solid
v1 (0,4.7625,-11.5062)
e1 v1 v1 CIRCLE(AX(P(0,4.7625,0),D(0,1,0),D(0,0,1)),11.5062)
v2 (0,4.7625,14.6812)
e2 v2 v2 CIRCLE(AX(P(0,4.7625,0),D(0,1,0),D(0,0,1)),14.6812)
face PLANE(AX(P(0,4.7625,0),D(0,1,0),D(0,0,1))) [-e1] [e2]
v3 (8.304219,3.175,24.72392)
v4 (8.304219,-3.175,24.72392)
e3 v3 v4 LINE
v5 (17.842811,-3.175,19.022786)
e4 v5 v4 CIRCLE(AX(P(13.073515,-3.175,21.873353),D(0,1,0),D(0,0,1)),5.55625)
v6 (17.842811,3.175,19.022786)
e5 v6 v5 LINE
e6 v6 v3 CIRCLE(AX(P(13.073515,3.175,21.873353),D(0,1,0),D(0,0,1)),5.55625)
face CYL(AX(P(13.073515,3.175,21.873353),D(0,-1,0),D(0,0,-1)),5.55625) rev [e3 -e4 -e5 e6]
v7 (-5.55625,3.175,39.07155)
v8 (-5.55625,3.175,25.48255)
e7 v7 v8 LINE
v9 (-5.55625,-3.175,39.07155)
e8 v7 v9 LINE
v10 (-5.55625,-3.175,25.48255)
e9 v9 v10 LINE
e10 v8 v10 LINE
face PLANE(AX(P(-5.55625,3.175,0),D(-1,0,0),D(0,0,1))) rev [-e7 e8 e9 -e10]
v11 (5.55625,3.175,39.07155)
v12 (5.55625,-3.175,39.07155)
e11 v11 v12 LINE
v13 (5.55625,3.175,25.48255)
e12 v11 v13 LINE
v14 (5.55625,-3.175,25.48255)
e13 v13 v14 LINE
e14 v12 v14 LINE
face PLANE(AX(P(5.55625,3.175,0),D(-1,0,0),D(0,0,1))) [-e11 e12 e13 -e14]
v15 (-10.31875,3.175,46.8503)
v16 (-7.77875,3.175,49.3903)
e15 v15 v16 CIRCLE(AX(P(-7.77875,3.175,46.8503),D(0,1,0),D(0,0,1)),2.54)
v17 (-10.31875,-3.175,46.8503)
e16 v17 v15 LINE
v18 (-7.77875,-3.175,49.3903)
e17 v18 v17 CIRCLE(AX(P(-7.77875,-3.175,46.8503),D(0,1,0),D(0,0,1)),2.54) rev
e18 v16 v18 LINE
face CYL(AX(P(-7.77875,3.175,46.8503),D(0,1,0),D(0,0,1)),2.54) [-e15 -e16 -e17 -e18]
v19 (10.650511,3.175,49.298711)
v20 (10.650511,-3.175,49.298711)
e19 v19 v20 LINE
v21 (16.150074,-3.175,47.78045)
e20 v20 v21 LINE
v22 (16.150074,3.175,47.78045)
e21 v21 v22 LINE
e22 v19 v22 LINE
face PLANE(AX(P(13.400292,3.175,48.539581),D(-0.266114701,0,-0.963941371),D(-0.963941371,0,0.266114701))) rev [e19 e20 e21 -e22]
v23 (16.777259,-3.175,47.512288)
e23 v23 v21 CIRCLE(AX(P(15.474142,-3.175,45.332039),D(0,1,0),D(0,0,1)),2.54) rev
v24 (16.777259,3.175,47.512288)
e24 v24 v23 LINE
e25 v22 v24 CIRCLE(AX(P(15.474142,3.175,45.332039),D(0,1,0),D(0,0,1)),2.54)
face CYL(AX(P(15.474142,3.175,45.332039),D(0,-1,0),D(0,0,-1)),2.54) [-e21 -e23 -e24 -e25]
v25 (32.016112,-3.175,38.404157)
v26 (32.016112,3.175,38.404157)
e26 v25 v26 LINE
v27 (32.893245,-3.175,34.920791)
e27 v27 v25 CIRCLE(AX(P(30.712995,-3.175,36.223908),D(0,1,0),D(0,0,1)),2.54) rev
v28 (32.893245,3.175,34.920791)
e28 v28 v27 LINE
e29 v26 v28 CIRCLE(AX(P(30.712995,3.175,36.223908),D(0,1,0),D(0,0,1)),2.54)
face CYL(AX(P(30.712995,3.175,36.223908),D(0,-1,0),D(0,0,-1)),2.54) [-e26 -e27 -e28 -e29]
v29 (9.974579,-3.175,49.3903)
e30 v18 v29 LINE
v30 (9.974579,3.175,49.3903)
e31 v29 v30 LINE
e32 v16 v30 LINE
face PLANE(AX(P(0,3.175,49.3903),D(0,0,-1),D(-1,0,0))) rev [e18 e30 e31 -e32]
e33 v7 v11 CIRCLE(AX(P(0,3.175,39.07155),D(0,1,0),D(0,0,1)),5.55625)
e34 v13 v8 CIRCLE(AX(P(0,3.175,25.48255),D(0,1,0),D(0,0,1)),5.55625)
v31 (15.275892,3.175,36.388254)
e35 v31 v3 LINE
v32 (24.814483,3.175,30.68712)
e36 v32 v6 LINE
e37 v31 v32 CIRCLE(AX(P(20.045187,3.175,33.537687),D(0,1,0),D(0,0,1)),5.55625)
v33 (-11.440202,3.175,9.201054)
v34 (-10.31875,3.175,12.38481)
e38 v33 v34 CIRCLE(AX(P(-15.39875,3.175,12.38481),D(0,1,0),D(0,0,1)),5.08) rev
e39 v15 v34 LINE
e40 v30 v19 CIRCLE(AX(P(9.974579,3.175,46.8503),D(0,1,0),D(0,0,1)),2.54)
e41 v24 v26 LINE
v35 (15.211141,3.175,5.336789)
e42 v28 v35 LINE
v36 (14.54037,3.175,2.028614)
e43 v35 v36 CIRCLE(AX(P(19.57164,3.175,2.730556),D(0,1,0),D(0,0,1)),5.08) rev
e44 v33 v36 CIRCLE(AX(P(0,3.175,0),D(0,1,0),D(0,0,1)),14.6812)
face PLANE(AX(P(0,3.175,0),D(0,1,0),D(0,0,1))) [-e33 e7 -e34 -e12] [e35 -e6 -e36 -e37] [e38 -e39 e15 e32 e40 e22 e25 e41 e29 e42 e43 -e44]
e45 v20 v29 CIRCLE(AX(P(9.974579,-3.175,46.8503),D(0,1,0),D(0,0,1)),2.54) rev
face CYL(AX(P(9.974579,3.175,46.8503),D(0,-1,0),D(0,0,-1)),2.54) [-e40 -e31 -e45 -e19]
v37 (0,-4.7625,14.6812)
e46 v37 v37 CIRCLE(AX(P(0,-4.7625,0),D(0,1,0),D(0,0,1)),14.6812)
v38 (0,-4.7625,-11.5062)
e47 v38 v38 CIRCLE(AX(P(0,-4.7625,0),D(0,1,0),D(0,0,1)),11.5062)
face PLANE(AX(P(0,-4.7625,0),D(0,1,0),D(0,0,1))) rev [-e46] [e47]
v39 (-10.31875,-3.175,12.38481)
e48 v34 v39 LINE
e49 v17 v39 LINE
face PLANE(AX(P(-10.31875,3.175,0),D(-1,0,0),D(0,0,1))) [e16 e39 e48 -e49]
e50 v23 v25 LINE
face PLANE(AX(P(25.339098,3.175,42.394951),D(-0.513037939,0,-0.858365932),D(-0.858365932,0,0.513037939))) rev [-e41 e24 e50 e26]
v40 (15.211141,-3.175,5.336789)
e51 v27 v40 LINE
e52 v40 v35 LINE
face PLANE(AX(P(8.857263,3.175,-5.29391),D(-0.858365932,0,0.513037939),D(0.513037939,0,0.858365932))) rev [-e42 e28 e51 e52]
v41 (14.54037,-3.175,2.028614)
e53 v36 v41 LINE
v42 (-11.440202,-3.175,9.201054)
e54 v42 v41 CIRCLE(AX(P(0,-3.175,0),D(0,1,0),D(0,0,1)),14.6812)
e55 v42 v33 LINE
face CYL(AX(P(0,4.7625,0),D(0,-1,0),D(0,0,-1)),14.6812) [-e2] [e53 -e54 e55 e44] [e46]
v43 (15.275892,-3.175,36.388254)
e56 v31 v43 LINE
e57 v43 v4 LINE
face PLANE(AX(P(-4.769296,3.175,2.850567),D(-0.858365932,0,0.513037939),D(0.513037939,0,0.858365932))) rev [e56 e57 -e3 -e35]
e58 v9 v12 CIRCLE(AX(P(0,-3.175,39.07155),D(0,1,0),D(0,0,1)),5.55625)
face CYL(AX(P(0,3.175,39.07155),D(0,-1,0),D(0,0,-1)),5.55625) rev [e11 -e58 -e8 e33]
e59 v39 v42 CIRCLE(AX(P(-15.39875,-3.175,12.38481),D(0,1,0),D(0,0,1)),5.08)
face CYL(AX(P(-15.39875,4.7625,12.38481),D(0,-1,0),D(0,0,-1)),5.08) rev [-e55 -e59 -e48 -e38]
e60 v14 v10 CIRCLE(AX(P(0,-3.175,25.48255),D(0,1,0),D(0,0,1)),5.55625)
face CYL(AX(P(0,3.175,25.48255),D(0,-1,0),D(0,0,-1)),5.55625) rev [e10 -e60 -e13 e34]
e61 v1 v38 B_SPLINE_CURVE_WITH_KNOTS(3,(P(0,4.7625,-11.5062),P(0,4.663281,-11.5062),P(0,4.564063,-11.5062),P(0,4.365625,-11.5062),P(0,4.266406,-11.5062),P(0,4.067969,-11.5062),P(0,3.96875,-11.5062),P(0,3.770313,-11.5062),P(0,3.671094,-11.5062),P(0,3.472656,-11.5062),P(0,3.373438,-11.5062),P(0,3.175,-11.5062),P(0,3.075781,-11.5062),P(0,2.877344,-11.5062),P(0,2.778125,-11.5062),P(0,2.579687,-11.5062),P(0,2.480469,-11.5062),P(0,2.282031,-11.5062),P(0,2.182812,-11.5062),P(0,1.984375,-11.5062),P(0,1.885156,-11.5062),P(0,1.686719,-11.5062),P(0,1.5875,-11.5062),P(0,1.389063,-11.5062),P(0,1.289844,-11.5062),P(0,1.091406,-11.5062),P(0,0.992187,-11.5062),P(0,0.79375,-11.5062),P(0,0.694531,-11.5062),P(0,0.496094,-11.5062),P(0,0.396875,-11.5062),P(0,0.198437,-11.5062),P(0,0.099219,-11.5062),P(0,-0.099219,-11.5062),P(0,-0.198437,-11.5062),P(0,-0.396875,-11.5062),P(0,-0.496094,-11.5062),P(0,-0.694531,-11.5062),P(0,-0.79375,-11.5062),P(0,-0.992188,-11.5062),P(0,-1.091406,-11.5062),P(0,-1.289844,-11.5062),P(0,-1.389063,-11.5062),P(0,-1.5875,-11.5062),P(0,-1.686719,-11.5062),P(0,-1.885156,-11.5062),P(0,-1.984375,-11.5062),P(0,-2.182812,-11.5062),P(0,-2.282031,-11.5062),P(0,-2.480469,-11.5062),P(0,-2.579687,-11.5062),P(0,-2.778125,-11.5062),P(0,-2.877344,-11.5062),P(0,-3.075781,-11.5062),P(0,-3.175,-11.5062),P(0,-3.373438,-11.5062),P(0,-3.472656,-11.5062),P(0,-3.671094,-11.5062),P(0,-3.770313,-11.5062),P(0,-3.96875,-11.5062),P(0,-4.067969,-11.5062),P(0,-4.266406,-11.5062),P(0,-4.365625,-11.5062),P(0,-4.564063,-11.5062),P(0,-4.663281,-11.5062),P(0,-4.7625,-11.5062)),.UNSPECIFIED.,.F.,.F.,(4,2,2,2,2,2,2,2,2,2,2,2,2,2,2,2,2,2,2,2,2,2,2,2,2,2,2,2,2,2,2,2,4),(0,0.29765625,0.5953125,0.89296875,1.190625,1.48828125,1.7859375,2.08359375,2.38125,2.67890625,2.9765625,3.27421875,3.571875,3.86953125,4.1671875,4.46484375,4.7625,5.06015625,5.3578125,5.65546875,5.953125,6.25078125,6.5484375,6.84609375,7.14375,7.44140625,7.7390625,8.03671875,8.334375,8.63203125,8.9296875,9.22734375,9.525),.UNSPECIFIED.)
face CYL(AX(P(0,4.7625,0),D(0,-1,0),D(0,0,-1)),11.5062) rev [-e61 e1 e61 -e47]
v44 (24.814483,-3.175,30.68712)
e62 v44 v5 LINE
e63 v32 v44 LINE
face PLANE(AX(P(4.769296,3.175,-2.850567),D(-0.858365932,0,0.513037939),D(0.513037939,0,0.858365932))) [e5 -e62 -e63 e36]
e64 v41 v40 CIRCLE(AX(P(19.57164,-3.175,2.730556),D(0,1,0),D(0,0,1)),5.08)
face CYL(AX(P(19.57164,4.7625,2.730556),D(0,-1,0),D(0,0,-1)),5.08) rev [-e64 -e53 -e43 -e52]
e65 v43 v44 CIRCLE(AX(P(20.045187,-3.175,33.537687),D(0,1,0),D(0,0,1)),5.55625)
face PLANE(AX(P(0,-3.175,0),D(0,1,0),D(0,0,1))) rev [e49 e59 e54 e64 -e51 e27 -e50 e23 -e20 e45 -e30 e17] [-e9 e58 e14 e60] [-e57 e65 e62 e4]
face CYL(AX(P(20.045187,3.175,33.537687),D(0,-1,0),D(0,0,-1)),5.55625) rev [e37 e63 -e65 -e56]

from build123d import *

# Parameters (mm, degrees)
SKETCH1_R                      = 14.6812
SKETCH1_R_2                    = 11.5062
BEARING_INSERT_EXTRUDE_DEPTH   = 4.7625
APEX_SLOT_INSERT_EXTRUDE_DEPTH = 3.175
FILLET1_R                      = 5.08
FILLET2_R                      = 2.54


with BuildPart() as part:
    # Sketch1 → Bearing_Insert_Extrude (new, symmetric)
    with BuildSketch(Plane(origin=(0, 0, 0), x_dir=(1, 0, 0), z_dir=(0, 1, 0))):
        with Locations(Location((0, 0, 0), (0, 0, 90))):
            Circle(SKETCH1_R)
        with Locations(Location((0, 0, 0), (0, 0, 90))):
            Circle(SKETCH1_R_2, mode=Mode.SUBTRACT)
    extrude(amount=BEARING_INSERT_EXTRUDE_DEPTH, both=True)

    # Sketch1<4> → Apex_Slot_Insert_Extrude (add, symmetric)
    # profile 1 of 2: a face of its own
    with BuildSketch(Plane(origin=(0, 0, 0), x_dir=(1, 0, 0), z_dir=(0, 1, 0))):
        with BuildLine():
            Line((-10.31875, -10.443228997), (-10.31875, -49.3903))
            Line((-10.31875, -49.3903), (10.31875, -49.3903))
            Line((10.31875, -49.3903), (10.31875, -37.377378924))
            Line((10.31875, -37.377378924), (16.481834274, -47.688861117))
            Line((16.481834274, -47.688861117), (34.196361191, -37.101040645))
            Line((34.196361191, -37.101040645), (14.215036143, -3.670201753))
            ThreePointArc((14.215036143, -3.670201753), (3.906883149, -14.15181605), (-10.31875, -10.443228997))
        make_face()
        with BuildLine():
            ThreePointArc((5.55625, -39.07155), (0, -44.6278), (-5.55625, -39.07155))
            Line((-5.55625, -39.07155), (-5.55625, -25.48255))
            ThreePointArc((-5.55625, -25.48255), (0, -19.9263), (5.55625, -25.48255))
            Line((5.55625, -25.48255), (5.55625, -39.07155))
        make_face(mode=Mode.SUBTRACT)
        with BuildLine():
            ThreePointArc((24.814483205, -30.687120372), (22.895754546, -38.306983131), (15.275891788, -36.388254472))
            Line((15.275891788, -36.388254472), (8.304219231, -24.723919825))
            ThreePointArc((8.304219231, -24.723919825), (10.222947889, -17.104057067), (17.842810648, -19.022785725))
            Line((17.842810648, -19.022785725), (24.814483205, -30.687120372))
        make_face(mode=Mode.SUBTRACT)
    # profile 2 of 2: a face of its own
    with BuildSketch(Plane(origin=(0, 0, 0), x_dir=(1, 0, 0), z_dir=(0, 1, 0))):
        Polygon((10.31875, -49.3903), (10.31875, -37.377378924), (16.481834274, -47.688861117), align=None)
    extrude(amount=APEX_SLOT_INSERT_EXTRUDE_DEPTH, both=True)

    # Fillet1
    fillet1_edges = [part.edges().sort_by_distance(p)[0] for p in [
        (14.215036143, 0, 3.670201753),
        (-10.31875, 0, 10.443228997),
    ]]
    fillet(fillet1_edges, radius=FILLET1_R)

    # Fillet2
    fillet2_edges = [part.edges().sort_by_distance(p)[0] for p in [
        (-10.31875, 0, 49.3903),
        (10.31875, 0, 49.3903),
        (16.481834274, 0, 47.688861117),
        (34.196361191, 0, 37.101040645),
    ]]
    fillet(fillet2_edges, radius=FILLET2_R)


solid = part.part
